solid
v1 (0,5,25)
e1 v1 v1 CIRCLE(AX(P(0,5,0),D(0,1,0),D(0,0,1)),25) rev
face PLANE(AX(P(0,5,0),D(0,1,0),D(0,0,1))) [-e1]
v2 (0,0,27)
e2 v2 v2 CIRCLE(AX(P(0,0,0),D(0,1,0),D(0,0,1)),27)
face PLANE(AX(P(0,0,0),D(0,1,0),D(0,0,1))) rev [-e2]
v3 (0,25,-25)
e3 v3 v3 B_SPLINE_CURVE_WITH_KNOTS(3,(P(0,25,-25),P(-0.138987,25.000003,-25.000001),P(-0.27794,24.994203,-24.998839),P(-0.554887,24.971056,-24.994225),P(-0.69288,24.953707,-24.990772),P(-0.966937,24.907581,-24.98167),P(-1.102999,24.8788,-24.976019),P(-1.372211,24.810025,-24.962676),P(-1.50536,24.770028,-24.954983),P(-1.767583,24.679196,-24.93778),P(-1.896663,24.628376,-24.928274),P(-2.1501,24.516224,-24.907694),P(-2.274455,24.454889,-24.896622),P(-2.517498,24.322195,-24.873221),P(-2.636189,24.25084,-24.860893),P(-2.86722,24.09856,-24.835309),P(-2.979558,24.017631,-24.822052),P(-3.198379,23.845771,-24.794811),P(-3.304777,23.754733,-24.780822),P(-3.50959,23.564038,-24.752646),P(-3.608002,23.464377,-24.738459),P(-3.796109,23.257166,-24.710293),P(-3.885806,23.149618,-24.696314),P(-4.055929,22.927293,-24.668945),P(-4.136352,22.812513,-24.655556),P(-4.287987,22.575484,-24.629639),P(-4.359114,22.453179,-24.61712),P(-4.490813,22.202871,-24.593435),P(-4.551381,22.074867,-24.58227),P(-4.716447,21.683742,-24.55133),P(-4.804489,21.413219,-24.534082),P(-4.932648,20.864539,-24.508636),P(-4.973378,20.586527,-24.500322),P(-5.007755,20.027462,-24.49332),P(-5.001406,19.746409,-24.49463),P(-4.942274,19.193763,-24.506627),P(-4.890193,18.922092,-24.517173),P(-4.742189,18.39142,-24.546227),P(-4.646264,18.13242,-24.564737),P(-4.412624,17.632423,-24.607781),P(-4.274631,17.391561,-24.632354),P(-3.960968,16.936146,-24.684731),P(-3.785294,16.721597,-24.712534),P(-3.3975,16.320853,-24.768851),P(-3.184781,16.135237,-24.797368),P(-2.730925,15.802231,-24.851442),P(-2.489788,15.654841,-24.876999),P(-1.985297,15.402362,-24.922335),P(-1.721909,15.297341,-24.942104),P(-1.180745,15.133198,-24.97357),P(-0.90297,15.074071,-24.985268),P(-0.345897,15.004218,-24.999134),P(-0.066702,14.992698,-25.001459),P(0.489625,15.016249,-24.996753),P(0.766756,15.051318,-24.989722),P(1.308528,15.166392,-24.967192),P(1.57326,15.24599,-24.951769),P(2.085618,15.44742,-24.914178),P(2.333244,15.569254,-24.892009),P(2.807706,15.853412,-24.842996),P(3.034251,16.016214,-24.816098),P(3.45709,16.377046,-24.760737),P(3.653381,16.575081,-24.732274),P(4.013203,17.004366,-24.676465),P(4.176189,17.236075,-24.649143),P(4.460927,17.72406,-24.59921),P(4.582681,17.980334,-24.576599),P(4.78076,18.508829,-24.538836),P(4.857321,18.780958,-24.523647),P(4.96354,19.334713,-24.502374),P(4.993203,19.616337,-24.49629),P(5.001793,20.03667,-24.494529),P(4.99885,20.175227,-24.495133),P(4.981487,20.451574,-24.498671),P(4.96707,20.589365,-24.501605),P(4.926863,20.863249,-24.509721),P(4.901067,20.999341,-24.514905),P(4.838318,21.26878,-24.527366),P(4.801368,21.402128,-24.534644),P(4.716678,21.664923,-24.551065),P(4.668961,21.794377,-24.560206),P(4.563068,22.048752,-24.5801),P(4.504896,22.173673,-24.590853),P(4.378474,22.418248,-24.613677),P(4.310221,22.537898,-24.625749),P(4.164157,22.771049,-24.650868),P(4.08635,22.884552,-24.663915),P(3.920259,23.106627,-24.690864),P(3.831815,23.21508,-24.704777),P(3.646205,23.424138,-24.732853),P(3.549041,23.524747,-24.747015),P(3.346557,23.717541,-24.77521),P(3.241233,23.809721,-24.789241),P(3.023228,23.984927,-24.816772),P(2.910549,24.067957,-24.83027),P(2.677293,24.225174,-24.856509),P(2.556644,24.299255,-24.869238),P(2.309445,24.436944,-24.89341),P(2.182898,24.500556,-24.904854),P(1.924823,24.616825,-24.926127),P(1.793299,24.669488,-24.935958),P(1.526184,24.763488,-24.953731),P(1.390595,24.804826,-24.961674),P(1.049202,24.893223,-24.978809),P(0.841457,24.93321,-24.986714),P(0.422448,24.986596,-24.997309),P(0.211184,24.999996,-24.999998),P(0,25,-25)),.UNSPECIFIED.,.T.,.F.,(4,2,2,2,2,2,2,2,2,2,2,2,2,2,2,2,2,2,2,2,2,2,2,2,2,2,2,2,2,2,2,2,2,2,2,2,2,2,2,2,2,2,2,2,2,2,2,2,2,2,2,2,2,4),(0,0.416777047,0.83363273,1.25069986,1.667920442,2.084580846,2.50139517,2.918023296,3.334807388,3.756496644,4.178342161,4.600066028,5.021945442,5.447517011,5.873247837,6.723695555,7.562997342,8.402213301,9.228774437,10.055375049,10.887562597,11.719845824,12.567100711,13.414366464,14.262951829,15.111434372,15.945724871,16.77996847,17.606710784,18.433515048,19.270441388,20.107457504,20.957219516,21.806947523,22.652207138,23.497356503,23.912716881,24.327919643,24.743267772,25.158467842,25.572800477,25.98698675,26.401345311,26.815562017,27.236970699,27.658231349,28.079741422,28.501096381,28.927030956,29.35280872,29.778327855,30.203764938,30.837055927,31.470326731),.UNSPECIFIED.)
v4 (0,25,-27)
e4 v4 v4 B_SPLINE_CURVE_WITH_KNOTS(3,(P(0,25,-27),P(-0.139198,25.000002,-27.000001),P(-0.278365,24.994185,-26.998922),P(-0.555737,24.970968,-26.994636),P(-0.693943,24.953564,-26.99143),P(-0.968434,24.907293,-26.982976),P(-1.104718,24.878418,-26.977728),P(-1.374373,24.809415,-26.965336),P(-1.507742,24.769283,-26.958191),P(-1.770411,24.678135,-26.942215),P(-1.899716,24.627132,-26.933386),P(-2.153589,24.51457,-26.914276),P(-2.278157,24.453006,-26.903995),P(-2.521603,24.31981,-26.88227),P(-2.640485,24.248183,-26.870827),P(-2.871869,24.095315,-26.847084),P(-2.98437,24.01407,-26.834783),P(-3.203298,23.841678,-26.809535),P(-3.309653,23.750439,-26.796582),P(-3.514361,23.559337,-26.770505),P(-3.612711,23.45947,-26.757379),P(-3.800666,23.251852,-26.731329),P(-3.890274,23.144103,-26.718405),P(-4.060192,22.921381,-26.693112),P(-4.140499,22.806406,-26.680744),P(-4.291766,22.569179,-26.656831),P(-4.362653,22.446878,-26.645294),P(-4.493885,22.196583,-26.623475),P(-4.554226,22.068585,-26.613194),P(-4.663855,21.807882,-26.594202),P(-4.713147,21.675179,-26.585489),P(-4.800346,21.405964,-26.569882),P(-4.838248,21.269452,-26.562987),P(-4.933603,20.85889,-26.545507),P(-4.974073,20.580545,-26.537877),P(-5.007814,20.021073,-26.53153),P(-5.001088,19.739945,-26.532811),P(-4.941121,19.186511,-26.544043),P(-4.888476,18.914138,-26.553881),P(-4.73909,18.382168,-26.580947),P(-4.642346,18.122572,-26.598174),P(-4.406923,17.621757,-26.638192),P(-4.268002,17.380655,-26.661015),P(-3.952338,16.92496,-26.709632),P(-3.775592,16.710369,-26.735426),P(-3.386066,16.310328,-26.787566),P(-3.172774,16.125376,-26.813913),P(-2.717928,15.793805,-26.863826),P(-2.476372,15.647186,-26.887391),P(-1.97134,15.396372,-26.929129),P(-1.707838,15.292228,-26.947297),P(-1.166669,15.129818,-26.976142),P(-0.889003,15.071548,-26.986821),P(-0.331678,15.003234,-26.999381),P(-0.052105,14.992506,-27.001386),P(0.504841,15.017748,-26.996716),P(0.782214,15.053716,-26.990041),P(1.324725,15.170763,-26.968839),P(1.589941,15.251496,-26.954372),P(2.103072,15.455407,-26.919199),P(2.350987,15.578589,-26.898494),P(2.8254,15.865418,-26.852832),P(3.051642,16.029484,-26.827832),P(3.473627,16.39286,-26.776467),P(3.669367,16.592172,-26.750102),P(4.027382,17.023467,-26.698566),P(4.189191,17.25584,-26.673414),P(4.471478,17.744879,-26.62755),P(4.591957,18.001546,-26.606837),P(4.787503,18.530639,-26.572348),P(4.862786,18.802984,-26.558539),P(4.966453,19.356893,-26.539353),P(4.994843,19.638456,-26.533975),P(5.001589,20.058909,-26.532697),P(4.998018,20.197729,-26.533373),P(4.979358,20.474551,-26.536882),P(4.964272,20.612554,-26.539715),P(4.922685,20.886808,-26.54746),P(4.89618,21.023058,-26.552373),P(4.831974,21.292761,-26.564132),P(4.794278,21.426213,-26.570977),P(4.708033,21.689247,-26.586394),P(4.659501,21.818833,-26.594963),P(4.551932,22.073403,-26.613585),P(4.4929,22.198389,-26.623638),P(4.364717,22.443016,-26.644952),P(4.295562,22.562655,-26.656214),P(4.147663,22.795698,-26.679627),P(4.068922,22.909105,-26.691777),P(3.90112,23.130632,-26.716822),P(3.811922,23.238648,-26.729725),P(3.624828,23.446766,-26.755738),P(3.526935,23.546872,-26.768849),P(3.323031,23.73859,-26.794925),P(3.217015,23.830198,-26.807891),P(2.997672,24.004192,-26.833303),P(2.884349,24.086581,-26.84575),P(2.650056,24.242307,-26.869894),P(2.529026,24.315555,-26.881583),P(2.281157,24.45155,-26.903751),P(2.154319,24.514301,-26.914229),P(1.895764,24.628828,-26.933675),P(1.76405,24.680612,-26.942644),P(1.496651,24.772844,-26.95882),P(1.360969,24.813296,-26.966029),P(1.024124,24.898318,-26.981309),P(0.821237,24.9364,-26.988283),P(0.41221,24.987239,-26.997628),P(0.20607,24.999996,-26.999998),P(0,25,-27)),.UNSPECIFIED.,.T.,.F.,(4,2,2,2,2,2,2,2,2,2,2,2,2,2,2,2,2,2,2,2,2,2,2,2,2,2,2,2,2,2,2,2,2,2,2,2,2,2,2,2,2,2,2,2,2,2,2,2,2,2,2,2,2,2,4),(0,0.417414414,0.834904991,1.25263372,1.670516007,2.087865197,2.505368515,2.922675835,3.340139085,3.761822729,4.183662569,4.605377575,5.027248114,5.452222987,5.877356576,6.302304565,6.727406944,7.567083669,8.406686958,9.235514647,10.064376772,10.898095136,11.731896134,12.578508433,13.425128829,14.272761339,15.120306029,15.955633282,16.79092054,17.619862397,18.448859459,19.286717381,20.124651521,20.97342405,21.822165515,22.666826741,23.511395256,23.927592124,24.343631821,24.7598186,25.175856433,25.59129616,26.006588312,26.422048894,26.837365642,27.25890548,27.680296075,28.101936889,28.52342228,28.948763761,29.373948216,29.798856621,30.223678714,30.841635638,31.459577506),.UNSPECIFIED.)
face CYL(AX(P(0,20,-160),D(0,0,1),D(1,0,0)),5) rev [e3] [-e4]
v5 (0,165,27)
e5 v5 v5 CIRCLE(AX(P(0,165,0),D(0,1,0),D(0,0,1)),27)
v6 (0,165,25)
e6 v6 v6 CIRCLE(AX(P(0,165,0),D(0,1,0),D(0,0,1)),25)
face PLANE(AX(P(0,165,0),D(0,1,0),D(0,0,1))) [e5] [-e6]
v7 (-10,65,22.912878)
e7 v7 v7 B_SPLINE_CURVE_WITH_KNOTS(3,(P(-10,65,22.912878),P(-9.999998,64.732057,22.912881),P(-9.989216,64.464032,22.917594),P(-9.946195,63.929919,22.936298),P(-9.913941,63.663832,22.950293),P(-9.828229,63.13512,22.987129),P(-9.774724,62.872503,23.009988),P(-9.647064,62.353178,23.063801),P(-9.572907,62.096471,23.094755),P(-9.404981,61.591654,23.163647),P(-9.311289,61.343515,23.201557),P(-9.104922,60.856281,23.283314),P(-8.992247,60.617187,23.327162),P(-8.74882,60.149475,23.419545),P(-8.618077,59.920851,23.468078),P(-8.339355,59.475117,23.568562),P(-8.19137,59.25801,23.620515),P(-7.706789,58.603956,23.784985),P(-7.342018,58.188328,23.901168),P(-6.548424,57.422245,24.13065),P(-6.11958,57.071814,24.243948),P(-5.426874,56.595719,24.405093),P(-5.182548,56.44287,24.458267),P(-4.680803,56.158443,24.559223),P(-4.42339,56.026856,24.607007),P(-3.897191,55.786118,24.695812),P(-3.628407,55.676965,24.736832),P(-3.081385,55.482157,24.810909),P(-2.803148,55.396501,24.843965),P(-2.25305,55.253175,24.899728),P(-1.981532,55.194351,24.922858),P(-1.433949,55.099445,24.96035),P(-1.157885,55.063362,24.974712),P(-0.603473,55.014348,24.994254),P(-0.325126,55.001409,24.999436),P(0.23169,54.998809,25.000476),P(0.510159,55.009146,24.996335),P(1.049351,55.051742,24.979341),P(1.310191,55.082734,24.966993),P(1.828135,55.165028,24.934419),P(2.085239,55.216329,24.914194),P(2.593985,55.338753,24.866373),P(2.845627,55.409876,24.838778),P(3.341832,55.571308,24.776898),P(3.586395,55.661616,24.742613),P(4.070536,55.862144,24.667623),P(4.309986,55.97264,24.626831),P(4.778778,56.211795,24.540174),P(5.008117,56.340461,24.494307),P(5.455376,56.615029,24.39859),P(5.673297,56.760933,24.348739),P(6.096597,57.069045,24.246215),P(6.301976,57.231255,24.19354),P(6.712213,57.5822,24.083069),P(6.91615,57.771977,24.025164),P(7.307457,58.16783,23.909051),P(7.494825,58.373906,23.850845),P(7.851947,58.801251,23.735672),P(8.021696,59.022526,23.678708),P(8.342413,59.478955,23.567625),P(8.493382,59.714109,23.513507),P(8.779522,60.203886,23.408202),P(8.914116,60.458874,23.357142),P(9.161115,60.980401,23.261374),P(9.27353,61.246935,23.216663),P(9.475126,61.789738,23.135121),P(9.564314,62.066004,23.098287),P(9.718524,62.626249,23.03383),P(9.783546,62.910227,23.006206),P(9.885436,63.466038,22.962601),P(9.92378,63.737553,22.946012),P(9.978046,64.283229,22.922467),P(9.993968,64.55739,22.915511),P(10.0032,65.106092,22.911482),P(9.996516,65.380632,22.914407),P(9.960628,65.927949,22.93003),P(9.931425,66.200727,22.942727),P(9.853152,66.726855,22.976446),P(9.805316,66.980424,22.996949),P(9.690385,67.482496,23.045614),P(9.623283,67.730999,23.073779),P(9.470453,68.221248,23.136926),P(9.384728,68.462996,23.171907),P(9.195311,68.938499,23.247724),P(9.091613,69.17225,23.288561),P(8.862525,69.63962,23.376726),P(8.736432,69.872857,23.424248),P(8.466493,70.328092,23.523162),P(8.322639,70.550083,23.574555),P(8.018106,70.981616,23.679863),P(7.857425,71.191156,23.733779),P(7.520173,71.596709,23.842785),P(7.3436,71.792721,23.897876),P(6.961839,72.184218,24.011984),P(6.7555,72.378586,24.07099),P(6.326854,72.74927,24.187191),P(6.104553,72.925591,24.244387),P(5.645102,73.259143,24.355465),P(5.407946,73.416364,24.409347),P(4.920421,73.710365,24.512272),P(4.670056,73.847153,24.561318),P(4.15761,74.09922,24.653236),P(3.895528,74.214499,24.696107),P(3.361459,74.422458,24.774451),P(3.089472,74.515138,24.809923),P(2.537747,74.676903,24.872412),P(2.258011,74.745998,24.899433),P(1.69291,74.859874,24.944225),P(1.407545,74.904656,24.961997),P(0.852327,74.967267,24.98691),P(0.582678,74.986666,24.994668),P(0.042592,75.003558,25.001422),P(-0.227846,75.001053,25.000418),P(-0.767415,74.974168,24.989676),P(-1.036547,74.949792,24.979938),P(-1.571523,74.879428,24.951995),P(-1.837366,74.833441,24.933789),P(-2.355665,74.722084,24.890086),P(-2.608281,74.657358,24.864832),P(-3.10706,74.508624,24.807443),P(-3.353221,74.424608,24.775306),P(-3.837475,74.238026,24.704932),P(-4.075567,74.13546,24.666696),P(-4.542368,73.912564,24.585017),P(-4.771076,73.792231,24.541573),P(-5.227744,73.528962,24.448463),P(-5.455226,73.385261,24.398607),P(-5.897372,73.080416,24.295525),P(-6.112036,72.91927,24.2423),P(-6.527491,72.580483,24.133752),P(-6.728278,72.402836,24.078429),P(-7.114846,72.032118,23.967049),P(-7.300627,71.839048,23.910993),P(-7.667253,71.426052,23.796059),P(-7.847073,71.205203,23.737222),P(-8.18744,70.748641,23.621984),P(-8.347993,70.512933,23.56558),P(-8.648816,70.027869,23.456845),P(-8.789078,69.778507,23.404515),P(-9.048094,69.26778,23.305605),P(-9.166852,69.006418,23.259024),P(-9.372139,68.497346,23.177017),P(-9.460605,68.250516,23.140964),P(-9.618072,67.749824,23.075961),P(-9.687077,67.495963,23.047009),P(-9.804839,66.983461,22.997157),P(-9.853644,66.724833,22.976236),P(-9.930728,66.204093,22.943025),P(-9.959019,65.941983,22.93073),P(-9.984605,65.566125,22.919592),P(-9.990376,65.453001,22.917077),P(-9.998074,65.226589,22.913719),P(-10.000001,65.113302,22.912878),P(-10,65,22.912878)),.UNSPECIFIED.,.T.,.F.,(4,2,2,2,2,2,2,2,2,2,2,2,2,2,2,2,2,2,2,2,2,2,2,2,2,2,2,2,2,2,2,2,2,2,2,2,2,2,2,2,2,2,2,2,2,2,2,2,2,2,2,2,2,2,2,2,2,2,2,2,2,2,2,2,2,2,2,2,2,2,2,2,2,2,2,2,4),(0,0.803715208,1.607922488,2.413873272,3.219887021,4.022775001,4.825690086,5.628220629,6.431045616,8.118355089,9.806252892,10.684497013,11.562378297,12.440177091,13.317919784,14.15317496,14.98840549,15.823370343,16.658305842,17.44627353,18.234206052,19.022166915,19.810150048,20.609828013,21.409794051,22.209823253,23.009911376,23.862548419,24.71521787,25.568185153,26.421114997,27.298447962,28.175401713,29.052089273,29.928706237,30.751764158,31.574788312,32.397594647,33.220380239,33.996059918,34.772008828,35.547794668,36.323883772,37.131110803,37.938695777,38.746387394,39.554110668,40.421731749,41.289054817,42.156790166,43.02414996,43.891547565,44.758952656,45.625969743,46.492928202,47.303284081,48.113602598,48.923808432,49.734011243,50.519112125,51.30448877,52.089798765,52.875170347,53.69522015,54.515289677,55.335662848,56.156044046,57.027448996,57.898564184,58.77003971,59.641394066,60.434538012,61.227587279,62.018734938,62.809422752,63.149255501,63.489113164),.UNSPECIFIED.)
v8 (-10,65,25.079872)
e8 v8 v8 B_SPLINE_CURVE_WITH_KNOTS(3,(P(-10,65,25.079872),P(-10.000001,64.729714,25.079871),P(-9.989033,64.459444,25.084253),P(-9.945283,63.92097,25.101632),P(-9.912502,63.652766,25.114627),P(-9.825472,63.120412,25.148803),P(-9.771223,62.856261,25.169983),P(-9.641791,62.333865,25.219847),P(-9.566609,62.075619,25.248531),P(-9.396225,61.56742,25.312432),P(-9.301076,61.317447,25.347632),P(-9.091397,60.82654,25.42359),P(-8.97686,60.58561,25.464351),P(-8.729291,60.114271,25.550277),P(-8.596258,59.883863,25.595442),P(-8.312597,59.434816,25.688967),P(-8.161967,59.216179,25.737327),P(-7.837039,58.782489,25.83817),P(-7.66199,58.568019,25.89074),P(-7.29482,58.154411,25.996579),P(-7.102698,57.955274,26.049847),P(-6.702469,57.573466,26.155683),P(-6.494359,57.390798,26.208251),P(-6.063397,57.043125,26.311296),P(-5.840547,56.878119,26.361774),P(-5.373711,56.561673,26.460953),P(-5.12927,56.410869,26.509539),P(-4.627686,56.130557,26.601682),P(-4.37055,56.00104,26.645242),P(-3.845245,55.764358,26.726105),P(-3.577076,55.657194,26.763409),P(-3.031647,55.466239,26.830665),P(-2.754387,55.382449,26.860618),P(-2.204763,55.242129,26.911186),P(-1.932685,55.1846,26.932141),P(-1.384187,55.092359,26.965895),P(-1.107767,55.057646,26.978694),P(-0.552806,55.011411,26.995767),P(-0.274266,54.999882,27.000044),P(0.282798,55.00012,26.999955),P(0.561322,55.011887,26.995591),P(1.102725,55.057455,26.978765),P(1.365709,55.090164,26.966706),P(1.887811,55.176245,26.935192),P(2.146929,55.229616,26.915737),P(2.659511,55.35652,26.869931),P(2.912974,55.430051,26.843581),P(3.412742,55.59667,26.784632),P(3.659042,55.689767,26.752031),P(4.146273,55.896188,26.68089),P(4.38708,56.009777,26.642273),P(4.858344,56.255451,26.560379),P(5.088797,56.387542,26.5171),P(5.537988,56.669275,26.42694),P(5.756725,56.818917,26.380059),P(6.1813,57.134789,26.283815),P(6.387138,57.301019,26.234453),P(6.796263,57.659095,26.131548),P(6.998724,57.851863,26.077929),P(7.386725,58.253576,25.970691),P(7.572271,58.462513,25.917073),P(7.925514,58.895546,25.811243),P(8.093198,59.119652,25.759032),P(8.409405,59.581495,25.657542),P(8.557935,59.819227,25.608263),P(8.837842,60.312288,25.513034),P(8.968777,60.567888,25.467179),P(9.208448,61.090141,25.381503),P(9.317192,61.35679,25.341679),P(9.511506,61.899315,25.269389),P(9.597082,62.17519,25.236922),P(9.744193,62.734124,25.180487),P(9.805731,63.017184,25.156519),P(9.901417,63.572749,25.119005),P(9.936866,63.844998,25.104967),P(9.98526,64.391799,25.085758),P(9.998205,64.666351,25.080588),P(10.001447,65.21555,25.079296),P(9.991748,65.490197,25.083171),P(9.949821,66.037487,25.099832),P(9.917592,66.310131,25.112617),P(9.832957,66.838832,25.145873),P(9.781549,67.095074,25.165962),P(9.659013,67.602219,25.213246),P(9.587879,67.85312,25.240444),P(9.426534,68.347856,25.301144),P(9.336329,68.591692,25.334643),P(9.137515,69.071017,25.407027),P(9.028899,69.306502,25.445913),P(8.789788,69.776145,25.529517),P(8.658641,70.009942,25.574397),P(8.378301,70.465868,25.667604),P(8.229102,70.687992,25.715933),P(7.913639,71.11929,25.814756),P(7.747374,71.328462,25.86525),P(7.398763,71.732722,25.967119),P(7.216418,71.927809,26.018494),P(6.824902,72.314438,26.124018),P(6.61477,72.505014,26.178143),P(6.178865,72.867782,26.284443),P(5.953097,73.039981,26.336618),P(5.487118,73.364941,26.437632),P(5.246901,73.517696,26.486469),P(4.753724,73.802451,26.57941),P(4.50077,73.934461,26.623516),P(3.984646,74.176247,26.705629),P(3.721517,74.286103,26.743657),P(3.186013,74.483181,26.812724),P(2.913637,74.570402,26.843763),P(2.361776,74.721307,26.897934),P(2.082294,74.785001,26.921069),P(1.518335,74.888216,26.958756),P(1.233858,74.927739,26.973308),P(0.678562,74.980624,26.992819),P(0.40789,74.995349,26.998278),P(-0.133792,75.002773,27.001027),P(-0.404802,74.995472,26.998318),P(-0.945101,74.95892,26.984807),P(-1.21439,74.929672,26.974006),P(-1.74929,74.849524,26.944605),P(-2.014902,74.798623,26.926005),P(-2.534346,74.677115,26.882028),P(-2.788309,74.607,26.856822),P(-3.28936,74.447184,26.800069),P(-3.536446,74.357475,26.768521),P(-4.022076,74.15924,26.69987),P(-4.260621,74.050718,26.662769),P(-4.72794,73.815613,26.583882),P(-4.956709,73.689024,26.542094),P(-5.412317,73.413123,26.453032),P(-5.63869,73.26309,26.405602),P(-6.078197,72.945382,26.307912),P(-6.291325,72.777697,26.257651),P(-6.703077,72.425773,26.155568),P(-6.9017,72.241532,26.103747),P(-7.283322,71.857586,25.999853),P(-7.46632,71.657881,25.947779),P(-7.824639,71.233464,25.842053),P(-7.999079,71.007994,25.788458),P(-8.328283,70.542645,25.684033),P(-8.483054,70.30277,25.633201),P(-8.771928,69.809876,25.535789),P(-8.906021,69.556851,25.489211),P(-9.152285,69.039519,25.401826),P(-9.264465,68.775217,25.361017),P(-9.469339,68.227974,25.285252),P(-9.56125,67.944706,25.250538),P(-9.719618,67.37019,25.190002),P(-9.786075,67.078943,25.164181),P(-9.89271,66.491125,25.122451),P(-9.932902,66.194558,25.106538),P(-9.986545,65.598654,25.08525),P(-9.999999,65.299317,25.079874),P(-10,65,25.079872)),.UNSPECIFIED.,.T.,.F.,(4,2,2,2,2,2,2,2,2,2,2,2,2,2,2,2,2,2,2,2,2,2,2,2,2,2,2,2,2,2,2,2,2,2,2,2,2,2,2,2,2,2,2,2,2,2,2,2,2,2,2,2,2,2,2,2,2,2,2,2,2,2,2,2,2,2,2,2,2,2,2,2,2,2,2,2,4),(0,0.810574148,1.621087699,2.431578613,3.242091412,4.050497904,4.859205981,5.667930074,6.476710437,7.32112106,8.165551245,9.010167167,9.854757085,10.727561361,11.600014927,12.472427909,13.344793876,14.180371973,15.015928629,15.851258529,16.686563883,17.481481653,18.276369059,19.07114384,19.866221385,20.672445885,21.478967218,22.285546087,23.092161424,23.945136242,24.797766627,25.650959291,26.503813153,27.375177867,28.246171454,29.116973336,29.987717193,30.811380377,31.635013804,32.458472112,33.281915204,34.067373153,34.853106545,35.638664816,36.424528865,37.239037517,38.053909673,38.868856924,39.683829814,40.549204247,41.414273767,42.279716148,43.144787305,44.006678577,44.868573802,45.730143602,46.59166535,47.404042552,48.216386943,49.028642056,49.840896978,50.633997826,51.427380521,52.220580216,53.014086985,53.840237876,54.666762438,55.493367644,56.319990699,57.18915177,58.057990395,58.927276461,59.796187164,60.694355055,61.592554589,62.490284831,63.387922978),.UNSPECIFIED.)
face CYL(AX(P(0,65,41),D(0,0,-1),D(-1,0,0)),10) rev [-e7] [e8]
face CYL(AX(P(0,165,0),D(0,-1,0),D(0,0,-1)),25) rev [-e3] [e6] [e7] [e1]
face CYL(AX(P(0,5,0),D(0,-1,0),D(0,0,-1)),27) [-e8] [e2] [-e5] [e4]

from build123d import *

# Parameters (mm, degrees)
SKETCH1_R           = 27
BOSS_EXTRUDE1_DEPTH = 5
SKETCH2_R           = 27
SKETCH2_R_2         = 25
BOSS_EXTRUDE2_DEPTH = 160
SKETCH3_R           = 5
CUT_EXTRUDE1_DEPTH  = 160
SKETCH4_R           = 10
CUT_EXTRUDE6_DEPTH  = 41


with BuildPart() as part:
    # Sketch1 → Boss-Extrude1 (new body)
    with BuildSketch(Plane(origin=(0, 0, 0), x_dir=(1, 0, 0), z_dir=(0, 1, 0))):
        Circle(SKETCH1_R)
    extrude(amount=BOSS_EXTRUDE1_DEPTH)

    # Sketch2 → Boss-Extrude2 (add)
    with BuildSketch(Plane(origin=(0, 5, 0), x_dir=(1, 0, 0), z_dir=(0, 1, 0))):
        Circle(SKETCH2_R)
        Circle(SKETCH2_R_2, mode=Mode.SUBTRACT)
    extrude(amount=BOSS_EXTRUDE2_DEPTH)

    # Sketch3 → Cut-Extrude1 (cut)
    with BuildSketch(Plane.XY):
        with Locations((0, 20)):
            Circle(SKETCH3_R)
    extrude(amount=-CUT_EXTRUDE1_DEPTH, mode=Mode.SUBTRACT)

    # Sketch4 → Cut-Extrude6 (cut)
    with BuildSketch(Plane.XY):
        with Locations((0, 65)):
            Circle(SKETCH4_R)
    extrude(amount=CUT_EXTRUDE6_DEPTH, mode=Mode.SUBTRACT)


solid = part.part
